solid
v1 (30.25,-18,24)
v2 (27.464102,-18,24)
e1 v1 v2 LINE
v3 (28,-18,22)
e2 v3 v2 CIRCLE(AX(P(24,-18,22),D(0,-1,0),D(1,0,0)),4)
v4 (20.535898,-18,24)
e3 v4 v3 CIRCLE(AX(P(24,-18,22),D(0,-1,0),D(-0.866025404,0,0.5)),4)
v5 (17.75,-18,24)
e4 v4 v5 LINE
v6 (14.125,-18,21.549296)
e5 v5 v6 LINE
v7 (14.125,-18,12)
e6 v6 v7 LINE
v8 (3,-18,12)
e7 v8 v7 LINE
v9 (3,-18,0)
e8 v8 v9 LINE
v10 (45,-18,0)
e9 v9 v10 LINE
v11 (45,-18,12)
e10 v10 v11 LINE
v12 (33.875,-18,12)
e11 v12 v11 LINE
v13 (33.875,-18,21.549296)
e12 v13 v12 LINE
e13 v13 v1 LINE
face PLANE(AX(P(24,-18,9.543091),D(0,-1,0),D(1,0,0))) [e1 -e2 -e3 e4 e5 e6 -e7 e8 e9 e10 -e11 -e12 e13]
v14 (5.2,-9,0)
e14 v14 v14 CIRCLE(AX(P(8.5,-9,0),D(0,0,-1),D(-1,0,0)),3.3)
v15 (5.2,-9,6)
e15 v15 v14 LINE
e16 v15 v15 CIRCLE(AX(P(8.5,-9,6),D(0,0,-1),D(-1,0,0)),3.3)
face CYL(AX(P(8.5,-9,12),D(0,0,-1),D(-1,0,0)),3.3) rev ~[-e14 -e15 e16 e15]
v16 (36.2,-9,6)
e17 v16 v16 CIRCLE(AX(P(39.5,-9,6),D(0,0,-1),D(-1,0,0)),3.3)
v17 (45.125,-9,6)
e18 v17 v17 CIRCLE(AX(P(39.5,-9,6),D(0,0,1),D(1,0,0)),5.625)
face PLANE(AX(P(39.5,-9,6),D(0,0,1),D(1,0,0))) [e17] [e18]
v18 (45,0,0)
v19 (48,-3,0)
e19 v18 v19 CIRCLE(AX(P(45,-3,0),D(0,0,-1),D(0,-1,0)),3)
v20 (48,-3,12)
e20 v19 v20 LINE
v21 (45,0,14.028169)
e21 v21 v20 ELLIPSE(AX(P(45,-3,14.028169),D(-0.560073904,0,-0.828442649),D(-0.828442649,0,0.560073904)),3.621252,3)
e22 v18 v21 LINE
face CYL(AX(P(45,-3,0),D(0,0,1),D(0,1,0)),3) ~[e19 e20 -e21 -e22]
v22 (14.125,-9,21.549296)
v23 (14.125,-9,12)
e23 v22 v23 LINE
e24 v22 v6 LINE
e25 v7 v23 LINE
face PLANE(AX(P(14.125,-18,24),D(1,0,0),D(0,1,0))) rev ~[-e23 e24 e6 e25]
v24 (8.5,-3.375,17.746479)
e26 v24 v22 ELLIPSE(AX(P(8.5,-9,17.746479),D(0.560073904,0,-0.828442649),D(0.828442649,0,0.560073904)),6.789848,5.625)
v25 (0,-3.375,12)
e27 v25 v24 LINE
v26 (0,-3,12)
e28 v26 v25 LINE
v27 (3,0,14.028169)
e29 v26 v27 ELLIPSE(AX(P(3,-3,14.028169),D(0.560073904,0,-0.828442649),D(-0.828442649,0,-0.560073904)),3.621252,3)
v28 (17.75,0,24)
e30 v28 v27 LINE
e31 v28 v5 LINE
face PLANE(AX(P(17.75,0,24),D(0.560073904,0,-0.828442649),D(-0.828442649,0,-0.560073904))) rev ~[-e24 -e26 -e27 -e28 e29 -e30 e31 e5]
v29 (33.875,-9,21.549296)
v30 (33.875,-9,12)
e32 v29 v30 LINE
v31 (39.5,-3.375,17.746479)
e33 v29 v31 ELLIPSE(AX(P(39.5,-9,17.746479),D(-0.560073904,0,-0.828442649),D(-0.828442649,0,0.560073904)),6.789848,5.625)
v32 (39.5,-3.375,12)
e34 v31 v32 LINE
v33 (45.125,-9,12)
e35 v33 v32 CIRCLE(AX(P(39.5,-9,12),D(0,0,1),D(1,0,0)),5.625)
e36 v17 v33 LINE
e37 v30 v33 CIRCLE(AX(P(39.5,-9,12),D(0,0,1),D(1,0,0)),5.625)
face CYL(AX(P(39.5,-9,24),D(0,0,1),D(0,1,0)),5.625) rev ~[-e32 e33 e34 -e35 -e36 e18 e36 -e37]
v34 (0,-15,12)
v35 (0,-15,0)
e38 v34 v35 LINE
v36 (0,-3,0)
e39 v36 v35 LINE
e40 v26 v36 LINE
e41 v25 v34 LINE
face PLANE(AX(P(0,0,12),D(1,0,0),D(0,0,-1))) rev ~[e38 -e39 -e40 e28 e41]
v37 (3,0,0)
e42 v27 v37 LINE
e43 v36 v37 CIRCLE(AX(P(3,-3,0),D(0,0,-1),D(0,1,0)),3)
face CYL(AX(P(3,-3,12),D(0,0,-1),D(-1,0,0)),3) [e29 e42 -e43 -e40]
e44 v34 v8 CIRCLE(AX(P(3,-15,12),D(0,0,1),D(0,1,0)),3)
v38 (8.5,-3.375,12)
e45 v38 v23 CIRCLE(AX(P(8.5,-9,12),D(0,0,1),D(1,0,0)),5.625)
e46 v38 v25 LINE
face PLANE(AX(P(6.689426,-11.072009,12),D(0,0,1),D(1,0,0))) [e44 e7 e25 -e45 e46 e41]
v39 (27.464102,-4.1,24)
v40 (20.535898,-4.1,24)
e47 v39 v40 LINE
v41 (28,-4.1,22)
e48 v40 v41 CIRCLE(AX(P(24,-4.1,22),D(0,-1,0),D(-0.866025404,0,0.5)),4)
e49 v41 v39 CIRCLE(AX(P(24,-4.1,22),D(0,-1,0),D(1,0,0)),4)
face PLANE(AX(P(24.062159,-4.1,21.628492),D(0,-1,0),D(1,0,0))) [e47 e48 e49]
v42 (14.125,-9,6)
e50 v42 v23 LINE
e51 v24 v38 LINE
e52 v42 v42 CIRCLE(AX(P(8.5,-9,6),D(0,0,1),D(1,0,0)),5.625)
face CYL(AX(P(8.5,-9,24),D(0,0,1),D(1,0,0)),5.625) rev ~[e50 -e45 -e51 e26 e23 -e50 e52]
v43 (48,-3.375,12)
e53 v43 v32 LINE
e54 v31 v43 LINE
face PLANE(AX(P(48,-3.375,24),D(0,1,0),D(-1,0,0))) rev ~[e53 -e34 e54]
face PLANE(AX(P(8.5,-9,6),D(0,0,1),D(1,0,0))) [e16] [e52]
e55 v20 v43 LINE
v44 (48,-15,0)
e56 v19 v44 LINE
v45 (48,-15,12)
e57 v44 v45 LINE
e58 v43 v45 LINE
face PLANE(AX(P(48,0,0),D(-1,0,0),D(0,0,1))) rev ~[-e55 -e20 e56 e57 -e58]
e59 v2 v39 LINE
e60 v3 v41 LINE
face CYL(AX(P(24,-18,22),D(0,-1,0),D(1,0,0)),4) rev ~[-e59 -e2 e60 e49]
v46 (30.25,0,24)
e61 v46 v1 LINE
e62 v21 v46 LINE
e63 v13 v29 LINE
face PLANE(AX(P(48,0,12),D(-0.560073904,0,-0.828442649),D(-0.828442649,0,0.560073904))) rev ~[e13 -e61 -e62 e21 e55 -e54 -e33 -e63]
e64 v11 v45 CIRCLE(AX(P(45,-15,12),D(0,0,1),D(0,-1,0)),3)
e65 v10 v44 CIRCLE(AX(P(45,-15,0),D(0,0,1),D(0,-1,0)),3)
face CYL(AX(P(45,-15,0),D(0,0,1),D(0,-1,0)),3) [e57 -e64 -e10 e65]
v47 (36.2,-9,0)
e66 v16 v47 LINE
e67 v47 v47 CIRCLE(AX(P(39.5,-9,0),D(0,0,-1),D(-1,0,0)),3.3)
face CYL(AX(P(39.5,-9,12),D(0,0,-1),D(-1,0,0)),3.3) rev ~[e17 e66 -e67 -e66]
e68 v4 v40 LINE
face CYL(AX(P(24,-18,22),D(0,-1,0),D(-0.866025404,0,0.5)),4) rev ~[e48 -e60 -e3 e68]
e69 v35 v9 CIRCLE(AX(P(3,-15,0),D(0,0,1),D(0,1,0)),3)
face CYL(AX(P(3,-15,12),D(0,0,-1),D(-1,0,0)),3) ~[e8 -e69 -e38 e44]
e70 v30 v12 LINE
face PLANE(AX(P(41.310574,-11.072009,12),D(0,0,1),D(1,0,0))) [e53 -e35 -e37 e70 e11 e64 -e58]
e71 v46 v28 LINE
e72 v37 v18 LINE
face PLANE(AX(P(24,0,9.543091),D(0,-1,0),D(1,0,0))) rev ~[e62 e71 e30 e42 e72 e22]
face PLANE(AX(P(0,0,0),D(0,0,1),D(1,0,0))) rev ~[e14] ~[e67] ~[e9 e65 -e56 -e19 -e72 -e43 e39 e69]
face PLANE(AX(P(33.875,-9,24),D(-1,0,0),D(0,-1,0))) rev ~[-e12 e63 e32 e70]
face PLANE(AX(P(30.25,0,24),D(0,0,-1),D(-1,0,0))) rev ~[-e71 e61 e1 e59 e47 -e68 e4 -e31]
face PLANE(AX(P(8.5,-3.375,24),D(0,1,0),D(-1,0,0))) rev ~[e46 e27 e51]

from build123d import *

# Parameters (mm, degrees)
F1_DEPTH       = 18
F3_DEPTH       = 13.9
F5_DEPTH       = 12
F7_D           = 6.6
F7_CBORE_D     = 11.25
F7_CBORE_DEPTH = 6
F8_R           = 3


with BuildPart() as f1:
    # F0 (on Front) → F1 (new body)
    with BuildSketch(Plane.XZ):
        Polygon((0, 12), (0, 0), (48, 0), (48, 12), (30.25, 24), (17.75, 24), align=None)
    extrude(amount=F1_DEPTH)

    # F2 (on face) → F3 (cut)
    with BuildSketch(Plane.XZ.offset(18)):
        with BuildLine():
            ThreePointArc((20.5358983849, 24), (22.9647238196, 18.1362966948), (28, 22))
            ThreePointArc((28, 22), (27.8637033052, 23.0352761804), (27.4641016151, 24))
            Line((27.4641016151, 24), (20.5358983849, 24))
        make_face()
    extrude(amount=-F3_DEPTH, mode=Mode.SUBTRACT)

    # F4 (on face) → F5 (cut)
    with BuildSketch(Plane.XY.offset(24)):
        with BuildLine():
            Line((8.5, -3.375), (0, -3.375))
            Line((0, -3.375), (0, -18))
            Line((0, -18), (14.125, -18))
            Line((14.125, -18), (14.125, -9))
            ThreePointArc((14.125, -9), (12.4774756442, -5.0225243558), (8.5, -3.375))
        make_face()
        with BuildLine():
            ThreePointArc((39.5, -3.375), (35.5225243558, -5.0225243558), (33.875, -9))
            Line((33.875, -9), (33.875, -18))
            Line((33.875, -18), (48, -18))
            Line((48, -18), (48, -3.375))
            Line((48, -3.375), (39.5, -3.375))
        make_face()
    extrude(amount=-F5_DEPTH, mode=Mode.SUBTRACT)

    # F7 (through all)
    with Locations(Plane.XY.offset(12)):
        with Locations((8.5, -9), (39.5, -9)):
            CounterBoreHole(F7_D / 2, F7_CBORE_D / 2, F7_CBORE_DEPTH)

    # F8
    f8_edges = [f1.edges().sort_by_distance(p)[0] for p in [
        (0, 0, 6),
        (0, -18, 6),
        (48, -18, 6),
        (48, 0, 6),
    ]]
    fillet(f8_edges, radius=F8_R)


solid = f1.part
